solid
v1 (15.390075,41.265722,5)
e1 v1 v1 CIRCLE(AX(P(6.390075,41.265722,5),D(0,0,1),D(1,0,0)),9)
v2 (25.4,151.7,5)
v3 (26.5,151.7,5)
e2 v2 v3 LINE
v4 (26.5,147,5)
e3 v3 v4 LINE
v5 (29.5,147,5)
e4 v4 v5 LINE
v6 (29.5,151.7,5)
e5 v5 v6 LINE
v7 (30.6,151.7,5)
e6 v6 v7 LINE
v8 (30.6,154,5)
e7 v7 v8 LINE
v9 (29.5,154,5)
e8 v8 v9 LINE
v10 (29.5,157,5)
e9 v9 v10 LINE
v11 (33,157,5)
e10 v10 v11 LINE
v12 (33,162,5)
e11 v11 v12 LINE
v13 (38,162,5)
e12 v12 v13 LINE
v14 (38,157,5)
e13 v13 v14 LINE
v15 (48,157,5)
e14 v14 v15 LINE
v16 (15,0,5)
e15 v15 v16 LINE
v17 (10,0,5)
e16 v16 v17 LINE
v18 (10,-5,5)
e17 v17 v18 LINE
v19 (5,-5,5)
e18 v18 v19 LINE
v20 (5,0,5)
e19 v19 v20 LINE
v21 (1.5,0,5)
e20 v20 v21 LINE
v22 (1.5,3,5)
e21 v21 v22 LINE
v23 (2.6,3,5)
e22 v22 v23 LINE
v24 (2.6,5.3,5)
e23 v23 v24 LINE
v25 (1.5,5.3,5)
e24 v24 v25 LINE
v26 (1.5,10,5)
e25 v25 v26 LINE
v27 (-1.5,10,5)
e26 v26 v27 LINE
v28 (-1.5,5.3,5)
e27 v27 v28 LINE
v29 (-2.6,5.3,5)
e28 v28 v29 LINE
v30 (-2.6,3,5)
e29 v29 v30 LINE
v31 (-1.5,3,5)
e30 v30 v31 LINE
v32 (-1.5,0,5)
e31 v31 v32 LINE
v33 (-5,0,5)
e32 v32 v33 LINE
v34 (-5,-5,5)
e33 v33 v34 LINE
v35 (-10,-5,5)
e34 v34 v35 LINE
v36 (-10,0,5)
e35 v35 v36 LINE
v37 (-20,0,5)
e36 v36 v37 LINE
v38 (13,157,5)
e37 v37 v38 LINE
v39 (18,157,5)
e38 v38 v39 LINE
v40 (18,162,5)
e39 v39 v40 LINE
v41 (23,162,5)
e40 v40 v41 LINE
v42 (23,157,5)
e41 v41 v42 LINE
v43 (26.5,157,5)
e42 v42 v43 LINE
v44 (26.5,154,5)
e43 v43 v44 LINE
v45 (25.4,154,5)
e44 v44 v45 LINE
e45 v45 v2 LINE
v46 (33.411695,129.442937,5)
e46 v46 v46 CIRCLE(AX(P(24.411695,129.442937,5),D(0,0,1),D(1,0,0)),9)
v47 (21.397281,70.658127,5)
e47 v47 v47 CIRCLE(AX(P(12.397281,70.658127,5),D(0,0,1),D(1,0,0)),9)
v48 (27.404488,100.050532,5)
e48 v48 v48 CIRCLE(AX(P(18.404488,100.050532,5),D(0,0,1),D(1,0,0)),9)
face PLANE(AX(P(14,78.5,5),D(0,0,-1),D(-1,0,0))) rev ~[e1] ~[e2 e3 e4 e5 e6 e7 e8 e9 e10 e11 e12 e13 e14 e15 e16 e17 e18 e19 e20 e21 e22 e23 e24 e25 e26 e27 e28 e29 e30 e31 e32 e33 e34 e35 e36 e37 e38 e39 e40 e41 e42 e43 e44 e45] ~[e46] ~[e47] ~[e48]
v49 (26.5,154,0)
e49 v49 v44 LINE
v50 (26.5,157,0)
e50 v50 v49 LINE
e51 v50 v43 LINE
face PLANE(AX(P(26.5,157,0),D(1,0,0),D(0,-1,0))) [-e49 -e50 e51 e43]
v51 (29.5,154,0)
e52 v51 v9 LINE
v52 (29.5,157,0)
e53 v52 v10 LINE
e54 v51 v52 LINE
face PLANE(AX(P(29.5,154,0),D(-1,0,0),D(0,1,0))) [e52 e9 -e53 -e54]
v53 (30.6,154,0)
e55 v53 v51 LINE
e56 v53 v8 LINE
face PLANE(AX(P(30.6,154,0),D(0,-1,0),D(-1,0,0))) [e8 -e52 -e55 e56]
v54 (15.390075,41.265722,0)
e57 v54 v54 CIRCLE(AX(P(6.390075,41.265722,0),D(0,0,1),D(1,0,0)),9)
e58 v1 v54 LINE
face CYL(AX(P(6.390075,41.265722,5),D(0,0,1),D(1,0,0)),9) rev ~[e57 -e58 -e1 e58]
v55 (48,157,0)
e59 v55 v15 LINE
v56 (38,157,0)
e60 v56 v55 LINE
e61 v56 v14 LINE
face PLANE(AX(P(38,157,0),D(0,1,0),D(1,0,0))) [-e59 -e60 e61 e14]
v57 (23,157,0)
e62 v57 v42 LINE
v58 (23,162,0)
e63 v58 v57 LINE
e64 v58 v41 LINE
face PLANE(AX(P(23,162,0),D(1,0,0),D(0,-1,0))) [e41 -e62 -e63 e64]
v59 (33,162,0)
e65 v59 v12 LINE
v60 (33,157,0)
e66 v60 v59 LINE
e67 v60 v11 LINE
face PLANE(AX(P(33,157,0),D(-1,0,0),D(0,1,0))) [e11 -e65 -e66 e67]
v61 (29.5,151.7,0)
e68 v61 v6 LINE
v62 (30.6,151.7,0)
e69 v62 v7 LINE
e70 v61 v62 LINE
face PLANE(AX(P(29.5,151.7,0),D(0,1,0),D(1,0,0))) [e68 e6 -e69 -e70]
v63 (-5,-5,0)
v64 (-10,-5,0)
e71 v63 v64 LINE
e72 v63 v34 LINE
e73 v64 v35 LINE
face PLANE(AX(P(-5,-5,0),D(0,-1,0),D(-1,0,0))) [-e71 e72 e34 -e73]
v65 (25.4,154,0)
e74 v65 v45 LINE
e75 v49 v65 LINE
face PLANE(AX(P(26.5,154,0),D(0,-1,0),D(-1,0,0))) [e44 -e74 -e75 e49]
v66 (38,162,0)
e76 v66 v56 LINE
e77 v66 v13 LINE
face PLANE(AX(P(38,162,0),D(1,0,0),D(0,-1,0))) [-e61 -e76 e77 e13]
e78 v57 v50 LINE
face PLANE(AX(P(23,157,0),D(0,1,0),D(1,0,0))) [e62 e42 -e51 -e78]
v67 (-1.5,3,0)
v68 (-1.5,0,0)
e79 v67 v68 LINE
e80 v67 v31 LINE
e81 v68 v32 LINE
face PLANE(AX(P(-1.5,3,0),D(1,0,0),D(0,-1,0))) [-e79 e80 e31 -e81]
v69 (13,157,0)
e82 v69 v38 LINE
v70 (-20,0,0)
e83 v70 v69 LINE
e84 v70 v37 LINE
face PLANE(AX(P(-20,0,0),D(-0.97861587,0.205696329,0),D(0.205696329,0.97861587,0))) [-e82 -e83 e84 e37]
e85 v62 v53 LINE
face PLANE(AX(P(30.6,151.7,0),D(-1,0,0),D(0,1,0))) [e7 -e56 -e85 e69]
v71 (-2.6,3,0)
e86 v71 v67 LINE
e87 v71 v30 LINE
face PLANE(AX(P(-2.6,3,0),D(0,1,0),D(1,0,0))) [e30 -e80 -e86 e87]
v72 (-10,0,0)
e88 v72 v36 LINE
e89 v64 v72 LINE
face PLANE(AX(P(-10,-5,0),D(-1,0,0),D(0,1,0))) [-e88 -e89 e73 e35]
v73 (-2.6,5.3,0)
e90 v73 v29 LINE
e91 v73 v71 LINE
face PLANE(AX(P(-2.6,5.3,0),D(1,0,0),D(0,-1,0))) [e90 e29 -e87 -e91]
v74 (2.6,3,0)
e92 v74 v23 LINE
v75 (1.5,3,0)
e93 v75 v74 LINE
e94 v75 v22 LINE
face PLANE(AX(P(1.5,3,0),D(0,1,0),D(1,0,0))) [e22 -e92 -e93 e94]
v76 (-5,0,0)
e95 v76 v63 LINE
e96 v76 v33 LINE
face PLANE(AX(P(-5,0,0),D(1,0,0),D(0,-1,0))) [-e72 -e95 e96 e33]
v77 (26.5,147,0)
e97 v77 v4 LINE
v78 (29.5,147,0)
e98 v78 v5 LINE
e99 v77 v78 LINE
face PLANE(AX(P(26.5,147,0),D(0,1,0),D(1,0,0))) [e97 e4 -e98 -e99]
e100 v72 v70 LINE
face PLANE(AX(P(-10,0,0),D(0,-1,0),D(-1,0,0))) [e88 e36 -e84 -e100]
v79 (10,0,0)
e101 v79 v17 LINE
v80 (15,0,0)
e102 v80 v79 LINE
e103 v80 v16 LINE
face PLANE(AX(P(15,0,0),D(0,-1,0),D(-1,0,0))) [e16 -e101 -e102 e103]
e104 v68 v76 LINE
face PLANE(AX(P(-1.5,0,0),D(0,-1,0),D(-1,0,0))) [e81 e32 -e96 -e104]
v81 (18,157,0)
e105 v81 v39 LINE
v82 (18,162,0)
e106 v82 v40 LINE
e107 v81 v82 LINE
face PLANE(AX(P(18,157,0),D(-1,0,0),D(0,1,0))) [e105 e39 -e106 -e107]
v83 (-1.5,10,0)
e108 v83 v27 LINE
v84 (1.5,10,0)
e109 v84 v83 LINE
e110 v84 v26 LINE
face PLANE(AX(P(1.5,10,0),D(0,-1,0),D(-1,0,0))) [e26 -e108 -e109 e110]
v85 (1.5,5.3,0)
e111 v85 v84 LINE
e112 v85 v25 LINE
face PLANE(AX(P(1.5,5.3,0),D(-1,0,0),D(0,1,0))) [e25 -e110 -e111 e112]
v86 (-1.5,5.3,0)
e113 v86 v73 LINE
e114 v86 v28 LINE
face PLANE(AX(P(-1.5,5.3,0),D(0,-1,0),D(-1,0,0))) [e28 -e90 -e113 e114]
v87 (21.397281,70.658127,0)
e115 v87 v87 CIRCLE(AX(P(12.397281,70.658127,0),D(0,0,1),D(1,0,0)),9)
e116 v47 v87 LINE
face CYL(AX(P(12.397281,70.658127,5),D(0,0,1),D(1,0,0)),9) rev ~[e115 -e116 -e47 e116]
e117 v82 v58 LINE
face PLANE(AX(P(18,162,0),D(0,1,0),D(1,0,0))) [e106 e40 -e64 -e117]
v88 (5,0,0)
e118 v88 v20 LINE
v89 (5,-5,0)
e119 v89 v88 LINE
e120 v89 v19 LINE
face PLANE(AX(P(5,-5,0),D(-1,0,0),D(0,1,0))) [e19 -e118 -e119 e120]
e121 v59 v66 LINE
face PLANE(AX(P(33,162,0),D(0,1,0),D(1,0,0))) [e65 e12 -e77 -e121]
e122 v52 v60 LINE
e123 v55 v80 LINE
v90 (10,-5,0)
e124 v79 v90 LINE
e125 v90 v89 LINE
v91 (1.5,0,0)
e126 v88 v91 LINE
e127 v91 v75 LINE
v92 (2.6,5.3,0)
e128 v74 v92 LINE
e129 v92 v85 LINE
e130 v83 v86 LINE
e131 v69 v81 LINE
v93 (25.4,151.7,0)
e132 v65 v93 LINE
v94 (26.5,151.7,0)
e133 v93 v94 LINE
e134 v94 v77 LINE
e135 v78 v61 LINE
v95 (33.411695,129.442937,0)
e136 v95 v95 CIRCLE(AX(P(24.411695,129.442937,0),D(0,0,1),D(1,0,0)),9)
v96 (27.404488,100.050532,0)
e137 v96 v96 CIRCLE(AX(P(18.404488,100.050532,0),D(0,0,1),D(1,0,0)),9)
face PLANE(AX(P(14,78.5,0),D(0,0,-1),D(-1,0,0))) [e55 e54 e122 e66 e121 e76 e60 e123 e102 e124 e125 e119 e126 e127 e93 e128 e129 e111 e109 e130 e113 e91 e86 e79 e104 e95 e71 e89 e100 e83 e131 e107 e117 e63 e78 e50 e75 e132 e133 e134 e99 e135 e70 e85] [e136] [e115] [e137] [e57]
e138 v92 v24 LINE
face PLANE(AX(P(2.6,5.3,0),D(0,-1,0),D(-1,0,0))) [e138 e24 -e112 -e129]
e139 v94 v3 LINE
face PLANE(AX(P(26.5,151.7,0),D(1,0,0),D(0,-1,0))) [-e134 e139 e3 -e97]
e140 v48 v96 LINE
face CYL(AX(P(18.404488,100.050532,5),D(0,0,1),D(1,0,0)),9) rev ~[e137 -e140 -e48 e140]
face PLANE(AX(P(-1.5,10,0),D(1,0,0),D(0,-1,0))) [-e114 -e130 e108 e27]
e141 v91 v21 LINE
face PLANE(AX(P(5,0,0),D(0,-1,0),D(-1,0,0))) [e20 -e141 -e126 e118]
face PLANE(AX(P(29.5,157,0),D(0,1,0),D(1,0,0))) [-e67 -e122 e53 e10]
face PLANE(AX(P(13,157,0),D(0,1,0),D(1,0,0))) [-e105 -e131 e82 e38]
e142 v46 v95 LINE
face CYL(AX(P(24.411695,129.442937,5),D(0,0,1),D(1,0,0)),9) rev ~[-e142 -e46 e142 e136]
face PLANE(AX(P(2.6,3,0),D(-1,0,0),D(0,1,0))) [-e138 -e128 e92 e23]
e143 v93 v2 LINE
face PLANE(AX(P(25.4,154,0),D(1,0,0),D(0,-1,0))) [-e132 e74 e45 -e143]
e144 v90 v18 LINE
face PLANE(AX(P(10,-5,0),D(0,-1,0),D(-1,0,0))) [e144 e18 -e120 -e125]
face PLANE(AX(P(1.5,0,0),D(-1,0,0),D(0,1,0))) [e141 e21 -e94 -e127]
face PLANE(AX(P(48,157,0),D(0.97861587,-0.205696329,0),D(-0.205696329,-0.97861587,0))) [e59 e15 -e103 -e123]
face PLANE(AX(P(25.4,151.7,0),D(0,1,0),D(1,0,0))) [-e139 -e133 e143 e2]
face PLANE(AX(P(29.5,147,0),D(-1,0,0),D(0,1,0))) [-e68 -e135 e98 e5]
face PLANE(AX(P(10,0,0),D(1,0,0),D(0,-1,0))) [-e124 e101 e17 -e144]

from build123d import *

# Parameters (mm, degrees)
BOSS_EXTRU_1_DEPTH      = 5
ESQUISSE2_R             = 9
ENL_V_MAT_EXTRU_1_DEPTH = 170.03549923


with BuildPart() as part:
    # Esquisse1 → Boss.-Extru.1 (new body)
    with BuildSketch(Plane.XY):
        Polygon((29.5, 154), (29.5, 157), (33, 157), (33, 162), (38, 162), (38, 157), (48, 157), (15, 0), (10, 0), (10, -5), (5, -5), (5, 0), (1.5, 0), (1.5, 3), (2.6, 3), (2.6, 5.3), (1.5, 5.3), (1.5, 10), (-1.5, 10), (-1.5, 5.3), (-2.6, 5.3), (-2.6, 3), (-1.5, 3), (-1.5, 0), (-5, 0), (-5, -5), (-10, -5), (-10, 0), (-20, 0), (13, 157), (18, 157), (18, 162), (23, 162), (23, 157), (26.5, 157), (26.5, 154), (25.4, 154), (25.4, 151.7), (26.5, 151.7), (26.5, 147), (29.5, 147), (29.5, 151.7), (30.6, 151.7), (30.6, 154), align=None)
    extrude(amount=BOSS_EXTRU_1_DEPTH)

    # Esquisse2 → Enlèv. mat.-Extru.1 (cut, through all)
    with BuildSketch(Plane.XY.offset(5)):
        with Locations((24.411695113, 129.442936805)):
            Circle(ESQUISSE2_R)
        with Locations((18.404488272, 100.050531902)):
            Circle(ESQUISSE2_R)
        with Locations((12.397281431, 70.658126999)):
            Circle(ESQUISSE2_R)
        with Locations((6.390074589, 41.265722097)):
            Circle(ESQUISSE2_R)
    extrude(amount=-ENL_V_MAT_EXTRU_1_DEPTH, mode=Mode.SUBTRACT)


solid = part.part
